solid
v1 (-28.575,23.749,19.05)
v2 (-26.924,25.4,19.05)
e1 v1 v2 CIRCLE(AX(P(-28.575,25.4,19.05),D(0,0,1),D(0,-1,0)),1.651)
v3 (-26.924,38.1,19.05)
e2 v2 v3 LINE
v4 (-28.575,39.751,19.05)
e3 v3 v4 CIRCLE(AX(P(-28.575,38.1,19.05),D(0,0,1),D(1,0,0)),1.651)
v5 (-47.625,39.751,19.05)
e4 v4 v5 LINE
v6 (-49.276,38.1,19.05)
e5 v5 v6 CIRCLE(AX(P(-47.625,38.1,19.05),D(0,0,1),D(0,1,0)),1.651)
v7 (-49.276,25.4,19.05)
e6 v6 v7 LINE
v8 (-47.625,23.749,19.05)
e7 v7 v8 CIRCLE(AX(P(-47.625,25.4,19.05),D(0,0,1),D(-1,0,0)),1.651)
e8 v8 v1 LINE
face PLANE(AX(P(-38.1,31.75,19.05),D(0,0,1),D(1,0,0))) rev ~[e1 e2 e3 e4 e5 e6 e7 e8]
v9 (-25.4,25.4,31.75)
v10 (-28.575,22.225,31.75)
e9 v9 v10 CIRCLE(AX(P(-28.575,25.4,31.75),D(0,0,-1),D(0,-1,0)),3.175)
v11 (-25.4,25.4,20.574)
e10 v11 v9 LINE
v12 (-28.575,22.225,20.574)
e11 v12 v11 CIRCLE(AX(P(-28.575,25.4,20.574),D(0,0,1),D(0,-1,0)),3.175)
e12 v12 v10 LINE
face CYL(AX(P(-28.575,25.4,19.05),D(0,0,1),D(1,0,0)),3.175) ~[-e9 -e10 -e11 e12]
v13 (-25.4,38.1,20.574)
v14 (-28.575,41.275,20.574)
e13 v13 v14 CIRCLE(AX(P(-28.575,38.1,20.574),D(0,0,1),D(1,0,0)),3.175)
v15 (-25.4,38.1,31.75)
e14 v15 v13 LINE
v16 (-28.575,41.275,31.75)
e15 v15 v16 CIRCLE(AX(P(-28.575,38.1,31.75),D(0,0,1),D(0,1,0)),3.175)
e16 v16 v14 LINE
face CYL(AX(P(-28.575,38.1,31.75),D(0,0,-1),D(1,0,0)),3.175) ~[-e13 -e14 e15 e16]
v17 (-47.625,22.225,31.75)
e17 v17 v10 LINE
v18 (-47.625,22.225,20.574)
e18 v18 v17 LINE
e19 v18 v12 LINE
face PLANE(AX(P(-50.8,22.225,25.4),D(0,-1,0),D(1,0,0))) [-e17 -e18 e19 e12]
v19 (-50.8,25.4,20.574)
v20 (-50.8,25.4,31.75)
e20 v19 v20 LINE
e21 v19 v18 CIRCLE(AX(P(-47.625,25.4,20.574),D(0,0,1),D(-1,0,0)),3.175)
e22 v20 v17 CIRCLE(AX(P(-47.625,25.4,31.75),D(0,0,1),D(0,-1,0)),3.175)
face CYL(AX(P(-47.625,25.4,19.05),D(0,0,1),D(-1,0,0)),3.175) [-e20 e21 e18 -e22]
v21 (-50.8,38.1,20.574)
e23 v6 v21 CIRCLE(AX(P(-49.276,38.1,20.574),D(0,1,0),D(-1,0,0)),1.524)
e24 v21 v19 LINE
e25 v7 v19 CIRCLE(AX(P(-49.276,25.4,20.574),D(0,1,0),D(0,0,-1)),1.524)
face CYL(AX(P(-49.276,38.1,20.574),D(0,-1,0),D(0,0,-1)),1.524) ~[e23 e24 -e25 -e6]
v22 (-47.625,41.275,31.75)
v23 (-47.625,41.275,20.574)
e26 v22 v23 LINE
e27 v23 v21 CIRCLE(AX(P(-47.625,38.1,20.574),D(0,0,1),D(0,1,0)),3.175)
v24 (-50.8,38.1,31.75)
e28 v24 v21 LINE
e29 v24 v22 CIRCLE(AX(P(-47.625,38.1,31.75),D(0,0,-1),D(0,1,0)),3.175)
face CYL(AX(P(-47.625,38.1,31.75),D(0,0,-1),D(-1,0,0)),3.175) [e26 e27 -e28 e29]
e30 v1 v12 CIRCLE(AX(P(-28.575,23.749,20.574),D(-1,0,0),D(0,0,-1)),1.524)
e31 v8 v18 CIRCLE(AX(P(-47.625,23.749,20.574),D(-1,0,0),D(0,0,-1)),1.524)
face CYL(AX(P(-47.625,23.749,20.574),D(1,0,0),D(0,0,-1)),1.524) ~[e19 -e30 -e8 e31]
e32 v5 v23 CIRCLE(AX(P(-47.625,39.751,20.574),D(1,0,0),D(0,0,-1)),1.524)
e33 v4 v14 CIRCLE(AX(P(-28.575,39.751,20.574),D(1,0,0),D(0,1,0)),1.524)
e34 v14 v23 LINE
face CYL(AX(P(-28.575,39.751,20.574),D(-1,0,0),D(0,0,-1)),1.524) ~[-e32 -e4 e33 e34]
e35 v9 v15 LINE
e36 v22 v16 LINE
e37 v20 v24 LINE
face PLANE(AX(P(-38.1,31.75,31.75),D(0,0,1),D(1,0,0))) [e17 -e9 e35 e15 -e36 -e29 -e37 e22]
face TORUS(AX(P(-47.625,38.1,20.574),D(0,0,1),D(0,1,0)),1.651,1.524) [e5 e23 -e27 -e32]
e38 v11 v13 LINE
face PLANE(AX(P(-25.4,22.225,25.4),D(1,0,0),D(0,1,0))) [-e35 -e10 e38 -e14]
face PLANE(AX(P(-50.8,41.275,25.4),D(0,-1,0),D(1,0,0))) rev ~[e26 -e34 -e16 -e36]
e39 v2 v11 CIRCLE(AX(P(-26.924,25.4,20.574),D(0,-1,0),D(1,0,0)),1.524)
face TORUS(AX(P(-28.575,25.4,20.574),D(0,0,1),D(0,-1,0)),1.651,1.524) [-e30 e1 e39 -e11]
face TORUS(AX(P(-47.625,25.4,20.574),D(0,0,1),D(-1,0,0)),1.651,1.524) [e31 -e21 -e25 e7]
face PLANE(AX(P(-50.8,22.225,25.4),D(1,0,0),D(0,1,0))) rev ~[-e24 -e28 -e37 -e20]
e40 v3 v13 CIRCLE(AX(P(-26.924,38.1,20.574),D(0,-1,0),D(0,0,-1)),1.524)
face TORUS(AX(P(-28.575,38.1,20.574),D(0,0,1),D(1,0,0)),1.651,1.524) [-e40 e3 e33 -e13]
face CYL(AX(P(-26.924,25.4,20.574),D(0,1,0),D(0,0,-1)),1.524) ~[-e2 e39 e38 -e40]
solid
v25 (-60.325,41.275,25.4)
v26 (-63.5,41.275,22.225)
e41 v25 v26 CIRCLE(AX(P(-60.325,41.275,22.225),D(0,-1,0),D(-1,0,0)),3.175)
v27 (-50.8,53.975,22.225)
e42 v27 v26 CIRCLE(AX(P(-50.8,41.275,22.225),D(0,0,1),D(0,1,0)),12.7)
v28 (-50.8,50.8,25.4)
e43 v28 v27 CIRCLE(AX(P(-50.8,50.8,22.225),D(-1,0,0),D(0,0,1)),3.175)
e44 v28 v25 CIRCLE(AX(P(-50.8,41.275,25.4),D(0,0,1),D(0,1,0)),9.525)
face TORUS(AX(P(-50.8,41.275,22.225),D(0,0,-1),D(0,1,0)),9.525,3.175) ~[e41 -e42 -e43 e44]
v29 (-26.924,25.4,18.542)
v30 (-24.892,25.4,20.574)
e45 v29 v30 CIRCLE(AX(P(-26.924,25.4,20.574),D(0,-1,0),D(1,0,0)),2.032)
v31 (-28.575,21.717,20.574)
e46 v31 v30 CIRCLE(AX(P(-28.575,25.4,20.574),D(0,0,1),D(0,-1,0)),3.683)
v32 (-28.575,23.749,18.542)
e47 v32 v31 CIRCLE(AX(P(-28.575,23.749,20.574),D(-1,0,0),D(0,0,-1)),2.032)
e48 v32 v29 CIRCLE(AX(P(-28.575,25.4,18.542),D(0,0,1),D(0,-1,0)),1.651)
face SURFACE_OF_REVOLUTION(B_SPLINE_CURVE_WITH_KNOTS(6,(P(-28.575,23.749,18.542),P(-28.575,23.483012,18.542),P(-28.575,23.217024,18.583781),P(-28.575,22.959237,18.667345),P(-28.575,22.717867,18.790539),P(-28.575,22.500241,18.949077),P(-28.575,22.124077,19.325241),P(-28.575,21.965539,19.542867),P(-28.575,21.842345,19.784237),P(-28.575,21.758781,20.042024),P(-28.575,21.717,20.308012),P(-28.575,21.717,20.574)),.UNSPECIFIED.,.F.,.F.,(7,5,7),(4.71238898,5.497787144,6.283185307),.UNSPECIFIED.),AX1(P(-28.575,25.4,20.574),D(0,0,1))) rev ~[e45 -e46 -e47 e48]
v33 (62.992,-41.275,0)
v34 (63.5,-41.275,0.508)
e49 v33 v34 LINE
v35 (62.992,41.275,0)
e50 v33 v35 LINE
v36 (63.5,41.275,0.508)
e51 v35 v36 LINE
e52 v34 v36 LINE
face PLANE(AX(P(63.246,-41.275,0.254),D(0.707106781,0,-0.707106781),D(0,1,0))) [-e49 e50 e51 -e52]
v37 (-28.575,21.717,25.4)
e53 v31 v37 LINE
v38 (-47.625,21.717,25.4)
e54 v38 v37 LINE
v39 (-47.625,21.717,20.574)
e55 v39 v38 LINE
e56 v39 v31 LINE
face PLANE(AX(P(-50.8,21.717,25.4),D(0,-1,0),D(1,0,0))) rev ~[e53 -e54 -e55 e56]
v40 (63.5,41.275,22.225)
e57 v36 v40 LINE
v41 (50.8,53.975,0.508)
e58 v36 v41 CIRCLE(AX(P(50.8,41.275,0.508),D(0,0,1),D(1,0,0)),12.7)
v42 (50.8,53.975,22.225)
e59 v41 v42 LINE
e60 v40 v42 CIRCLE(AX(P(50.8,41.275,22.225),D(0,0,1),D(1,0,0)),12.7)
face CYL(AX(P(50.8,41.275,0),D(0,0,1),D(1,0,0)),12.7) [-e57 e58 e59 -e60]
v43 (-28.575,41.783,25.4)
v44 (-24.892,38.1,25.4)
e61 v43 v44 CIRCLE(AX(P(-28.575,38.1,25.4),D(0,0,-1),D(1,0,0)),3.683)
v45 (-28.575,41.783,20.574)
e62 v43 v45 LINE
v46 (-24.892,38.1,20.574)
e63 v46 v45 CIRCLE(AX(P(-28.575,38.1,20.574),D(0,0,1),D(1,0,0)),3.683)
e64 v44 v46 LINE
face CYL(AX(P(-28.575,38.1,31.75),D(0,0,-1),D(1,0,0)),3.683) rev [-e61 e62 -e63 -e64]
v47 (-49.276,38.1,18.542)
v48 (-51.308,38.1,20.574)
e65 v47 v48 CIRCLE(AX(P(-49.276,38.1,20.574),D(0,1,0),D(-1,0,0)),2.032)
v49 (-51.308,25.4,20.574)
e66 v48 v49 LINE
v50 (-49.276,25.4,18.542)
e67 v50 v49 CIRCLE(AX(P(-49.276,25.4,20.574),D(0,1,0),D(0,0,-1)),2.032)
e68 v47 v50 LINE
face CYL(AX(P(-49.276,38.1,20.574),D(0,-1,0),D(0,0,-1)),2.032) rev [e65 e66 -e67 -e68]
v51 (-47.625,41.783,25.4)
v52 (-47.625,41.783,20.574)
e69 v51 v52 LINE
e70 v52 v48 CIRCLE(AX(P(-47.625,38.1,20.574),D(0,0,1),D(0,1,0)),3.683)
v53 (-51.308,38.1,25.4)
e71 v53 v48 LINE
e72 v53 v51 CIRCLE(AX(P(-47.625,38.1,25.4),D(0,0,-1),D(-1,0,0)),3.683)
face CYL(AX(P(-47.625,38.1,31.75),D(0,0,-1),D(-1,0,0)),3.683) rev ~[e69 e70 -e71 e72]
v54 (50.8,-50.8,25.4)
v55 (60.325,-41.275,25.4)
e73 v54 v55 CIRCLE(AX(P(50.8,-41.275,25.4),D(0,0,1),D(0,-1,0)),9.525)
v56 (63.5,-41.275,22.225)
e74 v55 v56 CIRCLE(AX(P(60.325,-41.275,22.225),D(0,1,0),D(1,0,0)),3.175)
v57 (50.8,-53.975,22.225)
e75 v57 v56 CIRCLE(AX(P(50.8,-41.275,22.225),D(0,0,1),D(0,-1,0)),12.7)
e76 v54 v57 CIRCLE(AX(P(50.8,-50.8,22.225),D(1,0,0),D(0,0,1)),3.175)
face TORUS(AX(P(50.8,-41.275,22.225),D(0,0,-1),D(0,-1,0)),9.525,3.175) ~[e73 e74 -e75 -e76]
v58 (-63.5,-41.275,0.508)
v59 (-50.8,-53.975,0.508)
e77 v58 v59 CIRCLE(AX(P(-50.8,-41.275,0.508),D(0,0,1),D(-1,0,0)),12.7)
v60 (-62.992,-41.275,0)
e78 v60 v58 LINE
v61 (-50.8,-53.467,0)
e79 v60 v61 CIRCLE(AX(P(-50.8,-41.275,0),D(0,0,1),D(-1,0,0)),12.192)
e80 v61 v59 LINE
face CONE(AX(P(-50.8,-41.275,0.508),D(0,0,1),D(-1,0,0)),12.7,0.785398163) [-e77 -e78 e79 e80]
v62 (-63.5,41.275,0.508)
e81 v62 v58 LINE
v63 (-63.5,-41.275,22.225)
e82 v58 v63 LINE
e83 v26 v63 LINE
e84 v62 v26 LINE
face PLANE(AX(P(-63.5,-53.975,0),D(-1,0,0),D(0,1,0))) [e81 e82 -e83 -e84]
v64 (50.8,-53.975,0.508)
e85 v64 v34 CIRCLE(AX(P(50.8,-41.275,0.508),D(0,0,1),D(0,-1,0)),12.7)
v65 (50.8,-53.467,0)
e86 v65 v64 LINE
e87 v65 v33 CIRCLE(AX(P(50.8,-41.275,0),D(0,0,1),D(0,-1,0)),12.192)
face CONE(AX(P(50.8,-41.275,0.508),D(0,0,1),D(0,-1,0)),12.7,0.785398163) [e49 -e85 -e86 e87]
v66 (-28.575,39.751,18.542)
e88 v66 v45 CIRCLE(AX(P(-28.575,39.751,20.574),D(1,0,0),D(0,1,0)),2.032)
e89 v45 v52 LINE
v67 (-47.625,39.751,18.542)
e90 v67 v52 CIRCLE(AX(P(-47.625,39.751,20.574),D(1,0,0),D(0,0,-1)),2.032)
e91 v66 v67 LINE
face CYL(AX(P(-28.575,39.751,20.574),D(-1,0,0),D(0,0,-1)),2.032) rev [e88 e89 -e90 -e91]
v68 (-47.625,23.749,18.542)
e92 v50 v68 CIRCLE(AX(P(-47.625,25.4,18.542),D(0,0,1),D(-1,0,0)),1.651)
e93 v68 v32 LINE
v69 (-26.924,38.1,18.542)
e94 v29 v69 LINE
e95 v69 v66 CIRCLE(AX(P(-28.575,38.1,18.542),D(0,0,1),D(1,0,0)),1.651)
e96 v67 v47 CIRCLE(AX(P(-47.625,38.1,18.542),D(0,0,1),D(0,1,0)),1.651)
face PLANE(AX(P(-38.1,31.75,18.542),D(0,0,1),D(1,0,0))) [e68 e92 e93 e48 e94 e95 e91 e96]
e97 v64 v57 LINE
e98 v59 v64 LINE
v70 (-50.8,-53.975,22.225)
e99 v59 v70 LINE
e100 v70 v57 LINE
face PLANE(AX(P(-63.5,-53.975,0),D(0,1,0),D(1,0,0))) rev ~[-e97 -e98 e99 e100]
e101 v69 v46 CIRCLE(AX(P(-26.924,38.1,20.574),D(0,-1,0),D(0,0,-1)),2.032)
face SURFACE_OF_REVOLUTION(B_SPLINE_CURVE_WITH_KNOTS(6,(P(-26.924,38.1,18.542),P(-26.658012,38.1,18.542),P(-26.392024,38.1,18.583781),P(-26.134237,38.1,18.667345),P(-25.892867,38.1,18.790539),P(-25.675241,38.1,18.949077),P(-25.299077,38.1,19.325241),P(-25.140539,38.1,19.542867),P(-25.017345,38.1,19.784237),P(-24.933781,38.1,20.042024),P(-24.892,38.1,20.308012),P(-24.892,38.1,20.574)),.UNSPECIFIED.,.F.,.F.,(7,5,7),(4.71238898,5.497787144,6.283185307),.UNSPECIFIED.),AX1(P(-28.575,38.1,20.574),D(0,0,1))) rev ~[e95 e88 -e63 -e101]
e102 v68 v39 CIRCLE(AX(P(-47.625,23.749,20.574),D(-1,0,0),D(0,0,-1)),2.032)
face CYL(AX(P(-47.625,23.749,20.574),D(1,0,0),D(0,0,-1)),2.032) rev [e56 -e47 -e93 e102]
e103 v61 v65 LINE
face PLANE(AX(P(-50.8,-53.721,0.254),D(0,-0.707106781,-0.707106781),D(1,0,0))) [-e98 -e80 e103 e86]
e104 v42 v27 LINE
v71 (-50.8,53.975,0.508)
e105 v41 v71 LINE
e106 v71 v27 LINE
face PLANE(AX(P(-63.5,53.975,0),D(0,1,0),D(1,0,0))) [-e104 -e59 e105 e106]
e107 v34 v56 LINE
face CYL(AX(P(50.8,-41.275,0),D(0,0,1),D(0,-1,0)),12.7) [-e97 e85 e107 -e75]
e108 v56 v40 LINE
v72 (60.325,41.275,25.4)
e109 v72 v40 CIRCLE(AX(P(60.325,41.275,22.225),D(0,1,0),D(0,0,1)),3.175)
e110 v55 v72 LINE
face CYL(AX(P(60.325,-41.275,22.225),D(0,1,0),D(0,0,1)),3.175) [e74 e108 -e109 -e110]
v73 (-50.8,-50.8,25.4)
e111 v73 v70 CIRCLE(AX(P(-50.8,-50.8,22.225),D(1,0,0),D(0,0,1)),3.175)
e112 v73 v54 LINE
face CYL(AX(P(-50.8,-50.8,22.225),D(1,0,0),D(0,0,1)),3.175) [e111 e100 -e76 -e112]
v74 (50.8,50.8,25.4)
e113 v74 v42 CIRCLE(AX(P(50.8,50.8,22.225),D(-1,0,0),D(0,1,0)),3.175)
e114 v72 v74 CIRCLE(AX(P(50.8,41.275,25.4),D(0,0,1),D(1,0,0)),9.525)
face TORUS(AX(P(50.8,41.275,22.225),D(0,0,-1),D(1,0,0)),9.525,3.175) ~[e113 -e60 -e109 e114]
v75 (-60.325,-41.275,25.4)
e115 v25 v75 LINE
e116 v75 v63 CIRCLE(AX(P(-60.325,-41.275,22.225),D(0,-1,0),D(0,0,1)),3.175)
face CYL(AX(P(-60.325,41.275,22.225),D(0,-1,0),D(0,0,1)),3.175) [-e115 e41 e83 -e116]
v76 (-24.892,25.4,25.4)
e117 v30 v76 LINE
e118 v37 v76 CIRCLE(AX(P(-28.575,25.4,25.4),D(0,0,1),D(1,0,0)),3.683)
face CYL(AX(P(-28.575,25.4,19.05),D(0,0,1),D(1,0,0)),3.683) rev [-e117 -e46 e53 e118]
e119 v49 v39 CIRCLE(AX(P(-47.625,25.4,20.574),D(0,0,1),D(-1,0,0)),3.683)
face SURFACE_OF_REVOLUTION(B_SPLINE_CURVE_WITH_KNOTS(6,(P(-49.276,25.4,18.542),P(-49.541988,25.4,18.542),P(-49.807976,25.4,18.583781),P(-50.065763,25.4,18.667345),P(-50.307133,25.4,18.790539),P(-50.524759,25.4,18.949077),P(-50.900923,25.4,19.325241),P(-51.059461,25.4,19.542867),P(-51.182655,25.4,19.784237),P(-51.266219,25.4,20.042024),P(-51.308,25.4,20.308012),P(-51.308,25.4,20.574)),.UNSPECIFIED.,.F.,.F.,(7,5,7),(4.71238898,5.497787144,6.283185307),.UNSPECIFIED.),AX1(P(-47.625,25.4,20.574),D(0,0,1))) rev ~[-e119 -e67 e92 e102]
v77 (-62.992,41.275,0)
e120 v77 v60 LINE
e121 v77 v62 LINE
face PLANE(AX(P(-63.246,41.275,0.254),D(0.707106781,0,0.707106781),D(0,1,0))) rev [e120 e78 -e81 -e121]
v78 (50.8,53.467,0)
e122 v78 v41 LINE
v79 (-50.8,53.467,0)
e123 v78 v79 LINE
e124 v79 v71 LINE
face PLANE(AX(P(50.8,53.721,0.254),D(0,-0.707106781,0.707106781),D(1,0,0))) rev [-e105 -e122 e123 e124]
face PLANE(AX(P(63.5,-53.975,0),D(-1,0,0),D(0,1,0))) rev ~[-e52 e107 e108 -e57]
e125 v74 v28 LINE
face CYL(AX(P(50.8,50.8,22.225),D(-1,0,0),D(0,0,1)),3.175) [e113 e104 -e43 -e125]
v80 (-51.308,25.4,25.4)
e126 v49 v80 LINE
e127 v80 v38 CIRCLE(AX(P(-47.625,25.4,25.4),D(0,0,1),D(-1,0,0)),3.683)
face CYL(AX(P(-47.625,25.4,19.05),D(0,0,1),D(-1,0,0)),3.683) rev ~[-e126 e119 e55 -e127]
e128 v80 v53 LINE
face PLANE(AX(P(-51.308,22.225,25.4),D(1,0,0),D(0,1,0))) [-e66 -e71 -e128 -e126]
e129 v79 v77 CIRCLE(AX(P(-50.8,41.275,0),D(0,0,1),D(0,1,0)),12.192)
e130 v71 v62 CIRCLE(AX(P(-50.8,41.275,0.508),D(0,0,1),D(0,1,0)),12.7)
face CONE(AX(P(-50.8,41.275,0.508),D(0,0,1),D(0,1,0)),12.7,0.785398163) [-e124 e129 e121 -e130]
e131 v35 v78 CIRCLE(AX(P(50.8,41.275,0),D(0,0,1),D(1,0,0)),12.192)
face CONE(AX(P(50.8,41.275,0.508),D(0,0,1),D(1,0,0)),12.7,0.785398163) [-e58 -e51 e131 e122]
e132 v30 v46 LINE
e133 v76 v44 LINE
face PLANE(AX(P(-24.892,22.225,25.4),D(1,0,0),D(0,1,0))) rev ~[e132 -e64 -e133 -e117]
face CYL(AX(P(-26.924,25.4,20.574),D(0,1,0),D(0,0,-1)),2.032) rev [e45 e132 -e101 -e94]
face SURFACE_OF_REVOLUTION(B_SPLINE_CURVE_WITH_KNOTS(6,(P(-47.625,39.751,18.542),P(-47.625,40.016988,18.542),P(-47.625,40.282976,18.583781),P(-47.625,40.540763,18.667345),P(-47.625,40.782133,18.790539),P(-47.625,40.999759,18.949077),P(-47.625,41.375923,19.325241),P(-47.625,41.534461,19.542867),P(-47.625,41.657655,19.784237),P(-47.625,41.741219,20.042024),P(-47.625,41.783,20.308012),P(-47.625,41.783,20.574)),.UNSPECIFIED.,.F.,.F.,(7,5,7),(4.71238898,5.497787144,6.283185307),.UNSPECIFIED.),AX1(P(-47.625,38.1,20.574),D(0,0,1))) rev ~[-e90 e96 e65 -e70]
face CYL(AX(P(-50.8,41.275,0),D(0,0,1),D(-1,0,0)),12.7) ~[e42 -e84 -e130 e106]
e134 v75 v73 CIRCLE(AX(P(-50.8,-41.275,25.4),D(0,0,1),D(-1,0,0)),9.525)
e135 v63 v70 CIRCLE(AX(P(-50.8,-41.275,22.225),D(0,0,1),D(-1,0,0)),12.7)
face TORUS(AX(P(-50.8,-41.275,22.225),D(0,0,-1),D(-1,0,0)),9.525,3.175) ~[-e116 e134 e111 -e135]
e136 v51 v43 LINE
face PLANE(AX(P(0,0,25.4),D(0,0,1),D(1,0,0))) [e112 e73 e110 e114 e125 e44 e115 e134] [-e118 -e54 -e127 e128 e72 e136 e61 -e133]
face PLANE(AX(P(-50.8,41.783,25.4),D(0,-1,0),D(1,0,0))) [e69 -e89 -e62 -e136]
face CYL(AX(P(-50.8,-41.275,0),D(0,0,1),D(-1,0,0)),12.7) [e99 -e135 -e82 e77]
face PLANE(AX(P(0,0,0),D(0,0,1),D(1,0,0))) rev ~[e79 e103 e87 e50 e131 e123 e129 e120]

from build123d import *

# Parameters (mm, degrees)
F0_W      = 127
F0_H      = 107.95
F1_DEPTH  = 25.4
F2_W      = 25.4
F2_H      = 19.05
F3_DEPTH  = 6.35
F4_R      = 3.175
F5_R      = 1.524
F6_R      = 12.7
F7_R      = 3.175
F8_SIZE   = 0.508
F9_OFFSET = 0.508


with BuildPart() as f1:
    # F0 (on Top) → F1 (new body)
    with BuildSketch(Plane.XY):
        Rectangle(F0_W, F0_H)
    extrude(amount=F1_DEPTH)

    # F6
    f6_edges = [f1.edges().sort_by_distance(p)[0] for p in [
        (63.5, -53.975, 12.7),
        (63.5, 53.975, 12.7),
        (-63.5, 53.975, 12.7),
        (-63.5, -53.975, 12.7),
    ]]
    fillet(f6_edges, radius=F6_R)

    # F7
    f7_edges = [f1.edges().sort_by_distance(p)[0] for p in [
        (0, -53.975, 25.4),
    ]]
    fillet(f7_edges, radius=F7_R)

    # F8
    f8_edges = [f1.edges().sort_by_distance(p)[0] for p in [
        (0, -53.975, 0),
    ]]
    chamfer(f8_edges, length=F8_SIZE)


with BuildPart() as f3:
    # F2 (on face) → F3 (new body, symmetric)
    with BuildSketch(Plane.XY.offset(25.4)):
        with Locations((-38.1, 31.75)):
            Rectangle(F2_W, F2_H)
    extrude(amount=F3_DEPTH, both=True)

    # F4
    f4_edges = [f3.edges().sort_by_distance(p)[0] for p in [
        (-25.4, 41.275, 25.4),
        (-25.4, 22.225, 25.4),
        (-50.8, 22.225, 25.4),
        (-50.8, 41.275, 25.4),
    ]]
    fillet(f4_edges, radius=F4_R)

    # F5
    f5_edges = [f3.edges().sort_by_distance(p)[0] for p in [
        (-38.1, 22.225, 19.05),
    ]]
    fillet(f5_edges, radius=F5_R)


with BuildPart() as f1_1:
    add(f1.part)

    # F9: cut F3, made larger all round first
    f9_tool = offset(f3.part, amount=F9_OFFSET, kind=Kind.INTERSECTION, mode=Mode.PRIVATE)
    add(f9_tool, mode=Mode.SUBTRACT)


solid = Compound([f3.part, f1_1.part])
